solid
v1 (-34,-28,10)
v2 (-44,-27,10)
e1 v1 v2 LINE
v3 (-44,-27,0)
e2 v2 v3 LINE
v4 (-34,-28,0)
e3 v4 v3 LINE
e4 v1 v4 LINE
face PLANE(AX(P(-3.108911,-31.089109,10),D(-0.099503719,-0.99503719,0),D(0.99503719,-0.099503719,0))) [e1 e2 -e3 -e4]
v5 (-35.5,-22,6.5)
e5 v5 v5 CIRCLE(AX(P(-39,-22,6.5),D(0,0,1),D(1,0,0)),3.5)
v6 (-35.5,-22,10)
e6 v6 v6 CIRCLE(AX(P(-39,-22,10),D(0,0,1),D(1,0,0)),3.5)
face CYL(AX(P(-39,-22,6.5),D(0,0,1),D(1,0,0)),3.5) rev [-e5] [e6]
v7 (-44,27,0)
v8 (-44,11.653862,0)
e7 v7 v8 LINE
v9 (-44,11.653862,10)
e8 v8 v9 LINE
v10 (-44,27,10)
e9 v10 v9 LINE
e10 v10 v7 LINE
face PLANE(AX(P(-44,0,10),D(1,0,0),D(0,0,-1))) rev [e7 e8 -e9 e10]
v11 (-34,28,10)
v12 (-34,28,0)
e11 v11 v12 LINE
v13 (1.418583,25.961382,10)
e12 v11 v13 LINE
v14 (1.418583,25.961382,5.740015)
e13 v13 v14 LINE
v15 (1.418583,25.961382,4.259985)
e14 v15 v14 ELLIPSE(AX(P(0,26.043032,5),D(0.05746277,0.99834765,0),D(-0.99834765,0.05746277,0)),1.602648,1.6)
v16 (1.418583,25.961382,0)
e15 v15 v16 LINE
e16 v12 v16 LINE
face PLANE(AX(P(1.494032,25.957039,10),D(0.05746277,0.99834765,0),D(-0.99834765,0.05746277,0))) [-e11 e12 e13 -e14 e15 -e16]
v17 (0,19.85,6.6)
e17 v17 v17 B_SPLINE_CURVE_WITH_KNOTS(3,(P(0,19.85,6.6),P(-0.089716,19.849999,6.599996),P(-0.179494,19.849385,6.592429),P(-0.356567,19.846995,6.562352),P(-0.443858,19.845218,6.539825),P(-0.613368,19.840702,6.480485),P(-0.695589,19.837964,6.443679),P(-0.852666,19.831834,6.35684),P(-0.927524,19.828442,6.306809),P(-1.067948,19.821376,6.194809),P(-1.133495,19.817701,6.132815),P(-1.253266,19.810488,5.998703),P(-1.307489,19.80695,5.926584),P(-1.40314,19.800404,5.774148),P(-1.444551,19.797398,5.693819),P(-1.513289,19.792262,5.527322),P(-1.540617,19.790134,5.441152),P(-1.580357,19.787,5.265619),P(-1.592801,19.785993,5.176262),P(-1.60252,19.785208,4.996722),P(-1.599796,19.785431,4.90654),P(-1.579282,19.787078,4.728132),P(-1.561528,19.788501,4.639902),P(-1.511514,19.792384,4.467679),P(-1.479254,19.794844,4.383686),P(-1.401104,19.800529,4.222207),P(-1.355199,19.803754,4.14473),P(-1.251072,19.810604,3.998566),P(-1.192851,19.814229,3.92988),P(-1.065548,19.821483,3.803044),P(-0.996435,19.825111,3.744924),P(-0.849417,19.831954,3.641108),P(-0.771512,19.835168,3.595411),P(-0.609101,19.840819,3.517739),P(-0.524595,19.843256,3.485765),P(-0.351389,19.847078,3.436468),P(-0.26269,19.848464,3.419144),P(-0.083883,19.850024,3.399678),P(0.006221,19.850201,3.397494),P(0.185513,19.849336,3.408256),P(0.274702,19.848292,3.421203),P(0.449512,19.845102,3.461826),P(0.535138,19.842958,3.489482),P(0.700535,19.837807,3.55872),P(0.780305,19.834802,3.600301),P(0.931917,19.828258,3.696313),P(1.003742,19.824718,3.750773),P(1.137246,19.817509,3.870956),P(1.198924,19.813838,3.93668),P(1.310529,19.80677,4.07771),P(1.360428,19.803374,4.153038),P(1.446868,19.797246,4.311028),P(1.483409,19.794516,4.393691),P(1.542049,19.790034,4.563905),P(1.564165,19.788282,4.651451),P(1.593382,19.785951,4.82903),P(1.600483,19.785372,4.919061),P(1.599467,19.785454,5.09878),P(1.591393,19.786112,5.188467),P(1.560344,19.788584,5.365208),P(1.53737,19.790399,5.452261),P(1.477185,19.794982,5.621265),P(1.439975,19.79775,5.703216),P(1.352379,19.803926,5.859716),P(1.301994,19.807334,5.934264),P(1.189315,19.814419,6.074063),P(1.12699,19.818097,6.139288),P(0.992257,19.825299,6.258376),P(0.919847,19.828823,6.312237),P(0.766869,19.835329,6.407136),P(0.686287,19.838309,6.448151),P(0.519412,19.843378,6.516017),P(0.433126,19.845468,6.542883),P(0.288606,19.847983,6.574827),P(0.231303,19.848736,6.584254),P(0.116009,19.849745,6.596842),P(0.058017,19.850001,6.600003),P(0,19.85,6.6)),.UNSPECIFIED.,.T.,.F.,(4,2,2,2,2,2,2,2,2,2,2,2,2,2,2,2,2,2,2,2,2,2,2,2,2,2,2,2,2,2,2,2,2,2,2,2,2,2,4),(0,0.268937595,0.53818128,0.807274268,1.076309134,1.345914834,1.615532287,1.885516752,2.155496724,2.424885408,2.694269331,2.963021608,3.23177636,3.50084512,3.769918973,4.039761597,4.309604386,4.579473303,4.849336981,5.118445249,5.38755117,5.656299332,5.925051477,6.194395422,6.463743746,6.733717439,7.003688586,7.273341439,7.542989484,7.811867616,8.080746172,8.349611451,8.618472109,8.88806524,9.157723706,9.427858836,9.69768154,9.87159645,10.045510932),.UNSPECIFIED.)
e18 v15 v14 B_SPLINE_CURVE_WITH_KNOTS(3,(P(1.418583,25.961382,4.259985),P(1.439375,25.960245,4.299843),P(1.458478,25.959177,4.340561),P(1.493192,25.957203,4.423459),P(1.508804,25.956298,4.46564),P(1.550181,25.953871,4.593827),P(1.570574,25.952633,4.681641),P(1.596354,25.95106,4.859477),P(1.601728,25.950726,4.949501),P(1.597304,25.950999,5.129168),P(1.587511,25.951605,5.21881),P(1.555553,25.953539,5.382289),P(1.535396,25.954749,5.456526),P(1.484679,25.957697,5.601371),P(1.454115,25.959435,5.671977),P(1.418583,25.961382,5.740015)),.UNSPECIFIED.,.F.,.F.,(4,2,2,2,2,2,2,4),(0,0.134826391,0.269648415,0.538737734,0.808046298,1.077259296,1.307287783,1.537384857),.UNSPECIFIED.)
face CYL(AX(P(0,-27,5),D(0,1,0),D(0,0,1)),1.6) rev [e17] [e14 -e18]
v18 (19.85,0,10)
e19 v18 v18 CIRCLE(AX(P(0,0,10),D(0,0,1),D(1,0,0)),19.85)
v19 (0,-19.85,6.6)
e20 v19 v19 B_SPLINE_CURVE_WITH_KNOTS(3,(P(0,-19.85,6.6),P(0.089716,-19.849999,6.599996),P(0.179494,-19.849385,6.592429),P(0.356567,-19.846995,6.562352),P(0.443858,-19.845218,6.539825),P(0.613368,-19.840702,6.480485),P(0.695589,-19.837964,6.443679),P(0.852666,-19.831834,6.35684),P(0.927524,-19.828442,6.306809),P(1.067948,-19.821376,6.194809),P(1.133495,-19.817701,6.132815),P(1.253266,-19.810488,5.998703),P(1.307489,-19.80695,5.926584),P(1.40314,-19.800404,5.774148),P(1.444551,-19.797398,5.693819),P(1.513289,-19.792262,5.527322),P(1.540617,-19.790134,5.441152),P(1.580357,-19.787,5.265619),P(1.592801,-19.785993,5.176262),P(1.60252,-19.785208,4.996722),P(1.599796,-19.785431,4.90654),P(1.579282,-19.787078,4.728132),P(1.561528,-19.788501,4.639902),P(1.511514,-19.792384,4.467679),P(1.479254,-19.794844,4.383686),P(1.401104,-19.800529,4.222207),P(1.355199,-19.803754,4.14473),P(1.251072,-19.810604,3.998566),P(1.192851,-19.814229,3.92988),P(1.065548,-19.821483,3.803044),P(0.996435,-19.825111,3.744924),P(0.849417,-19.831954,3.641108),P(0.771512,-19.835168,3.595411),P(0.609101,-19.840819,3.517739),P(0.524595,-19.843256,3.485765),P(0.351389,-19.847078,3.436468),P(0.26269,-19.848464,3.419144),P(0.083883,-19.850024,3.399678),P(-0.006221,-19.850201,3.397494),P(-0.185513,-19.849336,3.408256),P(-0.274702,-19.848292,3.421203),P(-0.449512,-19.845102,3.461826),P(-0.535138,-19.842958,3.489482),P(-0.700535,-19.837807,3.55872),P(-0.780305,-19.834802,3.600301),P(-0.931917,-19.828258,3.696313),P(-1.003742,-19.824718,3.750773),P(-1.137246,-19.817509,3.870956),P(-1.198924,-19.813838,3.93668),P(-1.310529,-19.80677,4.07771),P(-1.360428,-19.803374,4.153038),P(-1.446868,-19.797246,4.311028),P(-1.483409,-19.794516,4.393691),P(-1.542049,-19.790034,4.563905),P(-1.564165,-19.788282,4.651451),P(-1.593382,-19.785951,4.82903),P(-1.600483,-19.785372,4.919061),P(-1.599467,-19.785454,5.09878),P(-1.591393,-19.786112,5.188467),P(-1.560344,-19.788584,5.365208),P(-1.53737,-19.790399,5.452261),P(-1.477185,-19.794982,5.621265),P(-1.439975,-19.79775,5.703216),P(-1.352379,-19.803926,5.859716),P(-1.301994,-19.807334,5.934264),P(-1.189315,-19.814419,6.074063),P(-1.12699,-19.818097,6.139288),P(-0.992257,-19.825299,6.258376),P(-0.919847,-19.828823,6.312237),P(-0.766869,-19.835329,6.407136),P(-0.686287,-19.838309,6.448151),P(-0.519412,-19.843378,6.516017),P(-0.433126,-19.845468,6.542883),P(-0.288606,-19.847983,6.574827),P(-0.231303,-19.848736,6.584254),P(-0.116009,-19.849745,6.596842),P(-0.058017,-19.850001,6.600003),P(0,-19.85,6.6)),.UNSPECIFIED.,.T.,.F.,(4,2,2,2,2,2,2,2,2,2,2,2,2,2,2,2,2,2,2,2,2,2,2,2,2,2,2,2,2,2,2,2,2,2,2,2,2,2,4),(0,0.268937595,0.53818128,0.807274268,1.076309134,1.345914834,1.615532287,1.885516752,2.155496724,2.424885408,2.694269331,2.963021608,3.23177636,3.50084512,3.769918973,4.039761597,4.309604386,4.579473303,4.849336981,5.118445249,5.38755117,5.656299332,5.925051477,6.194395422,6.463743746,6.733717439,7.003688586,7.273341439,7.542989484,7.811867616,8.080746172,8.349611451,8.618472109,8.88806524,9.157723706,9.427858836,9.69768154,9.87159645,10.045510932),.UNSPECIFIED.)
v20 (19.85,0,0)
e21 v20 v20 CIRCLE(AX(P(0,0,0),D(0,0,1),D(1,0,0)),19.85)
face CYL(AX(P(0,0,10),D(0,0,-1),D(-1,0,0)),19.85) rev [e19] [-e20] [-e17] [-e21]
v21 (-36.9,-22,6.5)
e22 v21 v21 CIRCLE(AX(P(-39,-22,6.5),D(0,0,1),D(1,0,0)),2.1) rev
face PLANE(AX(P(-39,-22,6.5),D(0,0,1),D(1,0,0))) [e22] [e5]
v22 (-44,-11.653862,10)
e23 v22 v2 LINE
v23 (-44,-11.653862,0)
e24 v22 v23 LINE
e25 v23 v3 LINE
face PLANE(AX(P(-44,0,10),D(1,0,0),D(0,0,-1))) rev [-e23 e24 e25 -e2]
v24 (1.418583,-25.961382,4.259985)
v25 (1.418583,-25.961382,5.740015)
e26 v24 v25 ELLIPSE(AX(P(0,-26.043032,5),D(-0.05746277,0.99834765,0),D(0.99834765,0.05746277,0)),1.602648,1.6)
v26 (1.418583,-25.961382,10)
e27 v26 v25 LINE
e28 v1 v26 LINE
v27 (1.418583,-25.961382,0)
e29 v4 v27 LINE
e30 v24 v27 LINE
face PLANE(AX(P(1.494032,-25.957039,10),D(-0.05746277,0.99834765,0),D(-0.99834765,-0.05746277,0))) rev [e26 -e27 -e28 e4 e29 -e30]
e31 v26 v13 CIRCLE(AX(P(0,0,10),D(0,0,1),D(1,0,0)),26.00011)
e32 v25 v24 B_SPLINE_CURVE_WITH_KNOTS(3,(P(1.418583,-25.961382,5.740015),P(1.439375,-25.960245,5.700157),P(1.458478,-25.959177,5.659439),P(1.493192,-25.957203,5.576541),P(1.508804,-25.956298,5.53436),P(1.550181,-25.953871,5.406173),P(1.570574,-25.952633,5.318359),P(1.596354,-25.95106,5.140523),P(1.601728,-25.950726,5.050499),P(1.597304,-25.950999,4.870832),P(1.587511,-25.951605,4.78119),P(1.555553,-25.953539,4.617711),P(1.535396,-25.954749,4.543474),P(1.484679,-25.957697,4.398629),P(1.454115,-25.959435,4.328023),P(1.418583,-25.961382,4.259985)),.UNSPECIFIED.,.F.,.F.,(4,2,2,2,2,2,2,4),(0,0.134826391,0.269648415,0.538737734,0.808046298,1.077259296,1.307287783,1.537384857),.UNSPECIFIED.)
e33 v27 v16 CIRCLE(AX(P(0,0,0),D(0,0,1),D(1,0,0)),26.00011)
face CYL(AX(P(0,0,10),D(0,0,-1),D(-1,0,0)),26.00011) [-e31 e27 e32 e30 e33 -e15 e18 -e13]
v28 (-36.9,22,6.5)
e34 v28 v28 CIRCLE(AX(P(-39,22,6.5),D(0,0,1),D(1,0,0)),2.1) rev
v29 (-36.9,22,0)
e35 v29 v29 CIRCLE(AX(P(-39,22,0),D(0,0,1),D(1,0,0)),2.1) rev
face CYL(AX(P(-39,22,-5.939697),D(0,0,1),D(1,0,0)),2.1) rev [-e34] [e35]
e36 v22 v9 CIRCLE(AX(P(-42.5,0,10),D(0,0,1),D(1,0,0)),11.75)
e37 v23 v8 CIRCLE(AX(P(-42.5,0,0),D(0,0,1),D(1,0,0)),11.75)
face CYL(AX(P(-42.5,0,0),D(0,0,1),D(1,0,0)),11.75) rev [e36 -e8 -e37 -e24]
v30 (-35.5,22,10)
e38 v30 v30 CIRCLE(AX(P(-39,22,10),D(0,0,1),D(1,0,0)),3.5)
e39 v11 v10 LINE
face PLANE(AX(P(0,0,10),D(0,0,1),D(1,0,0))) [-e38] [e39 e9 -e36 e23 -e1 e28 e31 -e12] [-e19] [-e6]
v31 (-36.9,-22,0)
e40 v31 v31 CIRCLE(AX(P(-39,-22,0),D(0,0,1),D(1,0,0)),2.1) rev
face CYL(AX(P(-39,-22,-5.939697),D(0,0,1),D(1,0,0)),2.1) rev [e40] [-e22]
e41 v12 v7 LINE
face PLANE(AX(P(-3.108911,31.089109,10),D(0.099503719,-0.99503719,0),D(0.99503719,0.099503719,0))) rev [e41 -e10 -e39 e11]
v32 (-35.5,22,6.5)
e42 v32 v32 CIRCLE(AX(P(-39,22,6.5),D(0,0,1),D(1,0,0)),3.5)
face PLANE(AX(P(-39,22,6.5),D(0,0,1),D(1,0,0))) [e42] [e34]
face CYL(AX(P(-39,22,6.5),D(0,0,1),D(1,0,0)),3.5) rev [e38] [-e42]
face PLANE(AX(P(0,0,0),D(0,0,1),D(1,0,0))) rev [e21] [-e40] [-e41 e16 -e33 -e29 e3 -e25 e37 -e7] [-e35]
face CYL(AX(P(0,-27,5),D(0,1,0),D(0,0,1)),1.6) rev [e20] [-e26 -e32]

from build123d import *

# Parameters (mm, degrees)
SKETCH1_R           = 19.85
BOSS_EXTRUDE1_DEPTH = 10
SKETCH2_R           = 11.75
CUT_EXTRUDE1_DEPTH  = 10
SKETCH3_R           = 1.6
CUT_EXTRUDE2_DEPTH  = 27
SKETCH4_R           = 2.1
CUT_EXTRUDE3_DEPTH  = 10
SKETCH5_R           = 3.5
CUT_EXTRUDE4_DEPTH  = 3.5


with BuildPart() as part:
    # Sketch1 → Boss-Extrude1 (new body)
    with BuildSketch(Plane.XY):
        with BuildLine():
            Line((-34, 28), (1.418583132, 25.961381575))
            ThreePointArc((1.418583132, 25.961381575), (26.000109834, 0), (1.418583132, -25.961381575))
            Line((1.418583132, -25.961381575), (-34, -28))
            Line((-34, -28), (-44, -27))
            Line((-44, -27), (-44, 27))
            Line((-44, 27), (-34, 28))
        make_face()
        Circle(SKETCH1_R, mode=Mode.SUBTRACT)
    extrude(amount=BOSS_EXTRUDE1_DEPTH)

    # Sketch2 → Cut-Extrude1 (cut)
    with BuildSketch(Plane.XY.offset(10)):
        with Locations((-42.5, 0)):
            Circle(SKETCH2_R)
    extrude(amount=-CUT_EXTRUDE1_DEPTH, mode=Mode.SUBTRACT)

    # Sketch3 → Cut-Extrude2 (cut, symmetric)
    with BuildSketch(Plane(origin=(0, 0, 0), x_dir=(1, 0, 0), z_dir=(0, 1, 0))):
        with Locations(Location((0, -5, 0), (0, 0, 270))):
            Circle(SKETCH3_R)
    extrude(amount=CUT_EXTRUDE2_DEPTH, both=True, mode=Mode.SUBTRACT)

    # Sketch4 → Cut-Extrude3 (cut)
    with BuildSketch(Plane.XY.offset(10)):
        with Locations((-39, 22)):
            Circle(SKETCH4_R)
        with Locations((-39, -22)):
            Circle(SKETCH4_R)
    extrude(amount=-CUT_EXTRUDE3_DEPTH, mode=Mode.SUBTRACT)

    # Sketch5 → Cut-Extrude4 (cut)
    with BuildSketch(Plane.XY.offset(10)):
        with Locations((-39, 22)):
            Circle(SKETCH5_R)
        with Locations((-39, -22)):
            Circle(SKETCH5_R)
    extrude(amount=-CUT_EXTRUDE4_DEPTH, mode=Mode.SUBTRACT)


solid = part.part
